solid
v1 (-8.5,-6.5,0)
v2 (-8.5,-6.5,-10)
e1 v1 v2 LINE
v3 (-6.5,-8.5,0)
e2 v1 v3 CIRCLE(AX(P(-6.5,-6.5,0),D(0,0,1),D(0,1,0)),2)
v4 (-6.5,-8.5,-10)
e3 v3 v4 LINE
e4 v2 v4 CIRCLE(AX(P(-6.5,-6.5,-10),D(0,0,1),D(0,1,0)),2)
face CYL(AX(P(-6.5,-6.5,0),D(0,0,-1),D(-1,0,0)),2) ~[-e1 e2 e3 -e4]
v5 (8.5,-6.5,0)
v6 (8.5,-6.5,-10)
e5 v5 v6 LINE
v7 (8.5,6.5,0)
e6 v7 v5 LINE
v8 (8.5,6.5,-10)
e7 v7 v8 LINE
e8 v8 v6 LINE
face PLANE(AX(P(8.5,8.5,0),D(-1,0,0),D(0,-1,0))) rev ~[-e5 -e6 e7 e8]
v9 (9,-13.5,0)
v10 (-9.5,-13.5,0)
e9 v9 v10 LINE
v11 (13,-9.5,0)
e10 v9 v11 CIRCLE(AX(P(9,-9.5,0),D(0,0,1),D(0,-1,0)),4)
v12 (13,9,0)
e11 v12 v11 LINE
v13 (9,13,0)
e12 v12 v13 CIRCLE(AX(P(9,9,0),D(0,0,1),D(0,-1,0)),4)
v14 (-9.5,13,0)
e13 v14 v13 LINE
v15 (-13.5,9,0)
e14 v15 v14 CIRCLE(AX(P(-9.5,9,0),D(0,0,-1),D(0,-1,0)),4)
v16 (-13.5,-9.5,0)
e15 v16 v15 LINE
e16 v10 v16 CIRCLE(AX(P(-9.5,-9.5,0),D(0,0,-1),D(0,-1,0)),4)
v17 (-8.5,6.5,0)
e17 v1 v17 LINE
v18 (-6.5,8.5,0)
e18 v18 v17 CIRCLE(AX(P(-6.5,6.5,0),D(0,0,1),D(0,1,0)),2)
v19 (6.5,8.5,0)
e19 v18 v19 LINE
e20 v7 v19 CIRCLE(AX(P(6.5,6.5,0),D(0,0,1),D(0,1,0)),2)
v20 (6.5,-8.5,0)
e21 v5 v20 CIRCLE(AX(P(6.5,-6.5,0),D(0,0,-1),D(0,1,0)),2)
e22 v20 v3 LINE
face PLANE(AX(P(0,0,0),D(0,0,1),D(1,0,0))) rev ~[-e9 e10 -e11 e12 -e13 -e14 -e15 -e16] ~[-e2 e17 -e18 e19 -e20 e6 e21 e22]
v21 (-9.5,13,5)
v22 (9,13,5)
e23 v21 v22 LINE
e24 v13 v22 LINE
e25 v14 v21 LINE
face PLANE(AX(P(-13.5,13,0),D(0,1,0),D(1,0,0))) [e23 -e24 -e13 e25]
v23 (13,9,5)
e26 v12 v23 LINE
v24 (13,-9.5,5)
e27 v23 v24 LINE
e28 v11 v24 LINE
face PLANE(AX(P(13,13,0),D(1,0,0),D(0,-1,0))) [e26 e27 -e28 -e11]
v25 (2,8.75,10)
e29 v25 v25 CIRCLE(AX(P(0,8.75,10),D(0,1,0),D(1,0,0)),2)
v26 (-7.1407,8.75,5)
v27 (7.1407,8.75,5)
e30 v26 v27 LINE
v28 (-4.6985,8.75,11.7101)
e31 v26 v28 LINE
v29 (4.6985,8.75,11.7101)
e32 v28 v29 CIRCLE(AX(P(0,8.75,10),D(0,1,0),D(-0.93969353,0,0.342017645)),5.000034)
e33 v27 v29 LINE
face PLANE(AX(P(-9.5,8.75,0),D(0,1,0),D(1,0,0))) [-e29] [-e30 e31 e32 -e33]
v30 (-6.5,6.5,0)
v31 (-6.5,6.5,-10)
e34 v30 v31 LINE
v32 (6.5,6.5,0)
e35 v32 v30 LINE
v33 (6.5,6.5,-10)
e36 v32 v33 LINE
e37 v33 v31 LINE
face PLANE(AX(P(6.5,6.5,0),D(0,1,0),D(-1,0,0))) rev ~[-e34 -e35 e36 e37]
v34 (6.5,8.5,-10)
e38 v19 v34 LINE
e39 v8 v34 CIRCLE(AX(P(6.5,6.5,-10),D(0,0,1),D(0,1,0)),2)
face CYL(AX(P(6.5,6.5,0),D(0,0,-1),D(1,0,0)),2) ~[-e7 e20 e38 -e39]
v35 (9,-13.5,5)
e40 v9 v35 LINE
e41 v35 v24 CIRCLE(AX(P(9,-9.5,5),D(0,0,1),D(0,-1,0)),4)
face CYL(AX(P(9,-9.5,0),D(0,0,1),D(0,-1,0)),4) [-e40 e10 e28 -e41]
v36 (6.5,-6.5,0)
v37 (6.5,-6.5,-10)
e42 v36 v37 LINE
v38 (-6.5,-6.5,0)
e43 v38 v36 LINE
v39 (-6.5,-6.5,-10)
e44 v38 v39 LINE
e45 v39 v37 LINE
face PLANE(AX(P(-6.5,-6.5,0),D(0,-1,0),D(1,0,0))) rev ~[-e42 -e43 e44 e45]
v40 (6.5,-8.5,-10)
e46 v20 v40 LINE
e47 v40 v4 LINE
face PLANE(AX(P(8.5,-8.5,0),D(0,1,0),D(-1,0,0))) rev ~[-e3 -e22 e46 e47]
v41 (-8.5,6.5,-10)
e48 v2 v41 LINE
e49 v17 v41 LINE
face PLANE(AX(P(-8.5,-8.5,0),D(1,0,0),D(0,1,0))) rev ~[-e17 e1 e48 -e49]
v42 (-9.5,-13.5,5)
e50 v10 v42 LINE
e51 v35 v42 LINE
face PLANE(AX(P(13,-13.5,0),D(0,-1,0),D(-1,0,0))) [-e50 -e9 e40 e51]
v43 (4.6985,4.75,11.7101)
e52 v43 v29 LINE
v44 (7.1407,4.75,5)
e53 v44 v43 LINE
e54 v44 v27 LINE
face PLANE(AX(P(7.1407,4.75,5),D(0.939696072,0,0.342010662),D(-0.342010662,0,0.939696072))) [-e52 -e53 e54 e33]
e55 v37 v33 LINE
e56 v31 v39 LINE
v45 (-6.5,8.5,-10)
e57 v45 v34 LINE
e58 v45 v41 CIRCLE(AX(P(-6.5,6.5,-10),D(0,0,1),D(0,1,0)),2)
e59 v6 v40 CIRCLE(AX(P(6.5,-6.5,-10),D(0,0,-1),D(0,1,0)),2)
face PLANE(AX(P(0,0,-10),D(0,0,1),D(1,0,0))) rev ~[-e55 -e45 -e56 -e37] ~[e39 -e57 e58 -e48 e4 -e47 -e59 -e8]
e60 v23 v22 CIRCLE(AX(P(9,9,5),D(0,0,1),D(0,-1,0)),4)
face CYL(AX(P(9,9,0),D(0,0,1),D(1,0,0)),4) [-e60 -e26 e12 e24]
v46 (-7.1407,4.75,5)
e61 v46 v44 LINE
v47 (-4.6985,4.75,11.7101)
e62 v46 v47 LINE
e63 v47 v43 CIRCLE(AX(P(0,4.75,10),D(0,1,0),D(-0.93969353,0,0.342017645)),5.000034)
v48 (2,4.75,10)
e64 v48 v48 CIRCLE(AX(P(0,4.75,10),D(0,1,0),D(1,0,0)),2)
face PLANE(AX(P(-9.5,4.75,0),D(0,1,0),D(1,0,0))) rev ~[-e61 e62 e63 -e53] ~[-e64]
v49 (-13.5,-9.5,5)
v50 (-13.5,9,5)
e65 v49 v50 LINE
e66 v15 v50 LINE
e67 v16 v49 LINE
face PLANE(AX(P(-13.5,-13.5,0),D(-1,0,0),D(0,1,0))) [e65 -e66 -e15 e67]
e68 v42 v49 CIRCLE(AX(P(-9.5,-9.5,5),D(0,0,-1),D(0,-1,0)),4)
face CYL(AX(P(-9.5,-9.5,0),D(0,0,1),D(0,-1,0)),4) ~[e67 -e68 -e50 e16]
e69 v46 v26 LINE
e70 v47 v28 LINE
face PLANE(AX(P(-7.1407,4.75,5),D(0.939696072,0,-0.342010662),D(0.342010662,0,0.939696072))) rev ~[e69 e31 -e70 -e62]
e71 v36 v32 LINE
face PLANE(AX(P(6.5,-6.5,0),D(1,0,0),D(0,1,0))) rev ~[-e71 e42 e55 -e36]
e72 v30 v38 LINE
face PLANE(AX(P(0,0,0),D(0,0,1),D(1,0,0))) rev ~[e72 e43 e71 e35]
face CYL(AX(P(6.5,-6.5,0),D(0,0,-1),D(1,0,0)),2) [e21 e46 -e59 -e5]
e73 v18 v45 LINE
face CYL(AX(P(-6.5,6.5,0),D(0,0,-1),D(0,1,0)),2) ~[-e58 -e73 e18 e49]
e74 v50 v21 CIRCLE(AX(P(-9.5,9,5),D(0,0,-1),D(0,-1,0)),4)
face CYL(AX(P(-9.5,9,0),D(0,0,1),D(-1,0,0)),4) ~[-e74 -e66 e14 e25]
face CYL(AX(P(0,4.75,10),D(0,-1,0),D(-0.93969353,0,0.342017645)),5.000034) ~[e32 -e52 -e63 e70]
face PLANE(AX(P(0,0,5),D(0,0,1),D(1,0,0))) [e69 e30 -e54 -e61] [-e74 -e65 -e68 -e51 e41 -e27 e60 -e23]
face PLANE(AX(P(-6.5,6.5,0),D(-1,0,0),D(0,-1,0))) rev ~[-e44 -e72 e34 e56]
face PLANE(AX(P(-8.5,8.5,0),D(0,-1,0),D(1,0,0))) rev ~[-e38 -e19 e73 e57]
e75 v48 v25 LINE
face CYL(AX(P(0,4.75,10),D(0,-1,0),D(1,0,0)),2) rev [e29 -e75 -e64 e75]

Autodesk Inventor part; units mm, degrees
ref_plane "YZ Plane" through (0, 0, 0) normal (1, 0, 0) x (0, 1, 0)
ref_plane "XZ Plane" through (0, 0, 0) normal (0, 1, 0) x (-1, 0, 0)
ref_plane "XY Plane" through (0, 0, 0) normal (0, 0, 1) x (1, 0, 0)
sketch "Эскиз1" plane through (0, 0, 0) normal (0, 0, 1) x (1, 0, 0)
  line L0 (8.5, -8.5) -> (-8.5, -8.5) projected
  line L1 (8.5, 8.5) -> (8.5, -8.5) projected
  line L2 (-8.5, -8.5) -> (-8.5, 8.5) projected
  line L3 (-8.5, 8.5) -> (8.5, 8.5) projected
  line L4 (-6.5, -6.5) -> (6.5, -6.5)
  line L5 (6.5, -6.5) -> (6.5, 6.5)
  line L6 (6.5, 6.5) -> (-6.5, 6.5)
  line L7 (-6.5, 6.5) -> (-6.5, -6.5)
  point P0 (0, 0)
  dimension "d0" = 2
extrude "Выдавливание1" add sketch "Эскиз1" against normal blind 10
sketch "Эскиз2" plane through (0, 0, 0) normal (0, 0, 1) x (1, 0, 0)
  line L0 (13, -13.5) -> (-13.5, -13.5) projected
  line L1 (13, 13) -> (13, -13.5) projected
  line L2 (-13.5, 13) -> (13, 13) projected
  line L3 (-13.5, -13.5) -> (-13.5, 13) projected
  point P0 (0, 0)
extrude "Выдавливание2" add sketch "Эскиз2" along normal blind 5
fillet "Сопряжение1" radius 2 4 edges at (8.5, 8.5, -5) (-8.5, 8.5, -5) (-8.5, -8.5, -5) (8.5, -8.5, -5)
fillet "Сопряжение2" radius 4 4 edges at (-13.5, -13.5, 2.5) (13, -13.5, 2.5) (13, 13, 2.5) (-13.5, 13, 2.5)
ref_plane "РабПлоскость2" through (-9.5, 4.75, 0) normal (0, 1, 0) x (1, 0, 0)
ref_plane "РабПлоскость1" through (-9.5, -0.25, 0) normal (0, 1, 0) x (1, 0, 0)
sketch "Эскиз3" plane through (-9.5, 4.75, 0) normal (0, 1, 0) x (1, 0, 0)
  line L0 (0, -5) -> (18.5, -5) projected
  line L1 (2.3593, -5) -> (4.8015, -11.7101)
  line L2 (16.6407, -5) -> (14.1985, -11.7101)
  arc A0 (4.8015, -11.7101) -> (14.1985, -11.7101) centre (9.5, -10) ccw
  circle A1 centre (9.5, -10) radius 2
  line L3 (16, 10) -> (3, 10) projected
  line L4 (0, -5) -> (-4, -5) projected
  point P0 (9.5, 0)
  point P1 (9.5, 10)
  dimension "d10" = 4
  dimension "d11" = 5
  dimension "d12" = 5
  dimension "d13" = 70
extrude "Выдавливание3" add sketch "Эскиз3" along normal blind 4
properties part number "cum_holder_down"
